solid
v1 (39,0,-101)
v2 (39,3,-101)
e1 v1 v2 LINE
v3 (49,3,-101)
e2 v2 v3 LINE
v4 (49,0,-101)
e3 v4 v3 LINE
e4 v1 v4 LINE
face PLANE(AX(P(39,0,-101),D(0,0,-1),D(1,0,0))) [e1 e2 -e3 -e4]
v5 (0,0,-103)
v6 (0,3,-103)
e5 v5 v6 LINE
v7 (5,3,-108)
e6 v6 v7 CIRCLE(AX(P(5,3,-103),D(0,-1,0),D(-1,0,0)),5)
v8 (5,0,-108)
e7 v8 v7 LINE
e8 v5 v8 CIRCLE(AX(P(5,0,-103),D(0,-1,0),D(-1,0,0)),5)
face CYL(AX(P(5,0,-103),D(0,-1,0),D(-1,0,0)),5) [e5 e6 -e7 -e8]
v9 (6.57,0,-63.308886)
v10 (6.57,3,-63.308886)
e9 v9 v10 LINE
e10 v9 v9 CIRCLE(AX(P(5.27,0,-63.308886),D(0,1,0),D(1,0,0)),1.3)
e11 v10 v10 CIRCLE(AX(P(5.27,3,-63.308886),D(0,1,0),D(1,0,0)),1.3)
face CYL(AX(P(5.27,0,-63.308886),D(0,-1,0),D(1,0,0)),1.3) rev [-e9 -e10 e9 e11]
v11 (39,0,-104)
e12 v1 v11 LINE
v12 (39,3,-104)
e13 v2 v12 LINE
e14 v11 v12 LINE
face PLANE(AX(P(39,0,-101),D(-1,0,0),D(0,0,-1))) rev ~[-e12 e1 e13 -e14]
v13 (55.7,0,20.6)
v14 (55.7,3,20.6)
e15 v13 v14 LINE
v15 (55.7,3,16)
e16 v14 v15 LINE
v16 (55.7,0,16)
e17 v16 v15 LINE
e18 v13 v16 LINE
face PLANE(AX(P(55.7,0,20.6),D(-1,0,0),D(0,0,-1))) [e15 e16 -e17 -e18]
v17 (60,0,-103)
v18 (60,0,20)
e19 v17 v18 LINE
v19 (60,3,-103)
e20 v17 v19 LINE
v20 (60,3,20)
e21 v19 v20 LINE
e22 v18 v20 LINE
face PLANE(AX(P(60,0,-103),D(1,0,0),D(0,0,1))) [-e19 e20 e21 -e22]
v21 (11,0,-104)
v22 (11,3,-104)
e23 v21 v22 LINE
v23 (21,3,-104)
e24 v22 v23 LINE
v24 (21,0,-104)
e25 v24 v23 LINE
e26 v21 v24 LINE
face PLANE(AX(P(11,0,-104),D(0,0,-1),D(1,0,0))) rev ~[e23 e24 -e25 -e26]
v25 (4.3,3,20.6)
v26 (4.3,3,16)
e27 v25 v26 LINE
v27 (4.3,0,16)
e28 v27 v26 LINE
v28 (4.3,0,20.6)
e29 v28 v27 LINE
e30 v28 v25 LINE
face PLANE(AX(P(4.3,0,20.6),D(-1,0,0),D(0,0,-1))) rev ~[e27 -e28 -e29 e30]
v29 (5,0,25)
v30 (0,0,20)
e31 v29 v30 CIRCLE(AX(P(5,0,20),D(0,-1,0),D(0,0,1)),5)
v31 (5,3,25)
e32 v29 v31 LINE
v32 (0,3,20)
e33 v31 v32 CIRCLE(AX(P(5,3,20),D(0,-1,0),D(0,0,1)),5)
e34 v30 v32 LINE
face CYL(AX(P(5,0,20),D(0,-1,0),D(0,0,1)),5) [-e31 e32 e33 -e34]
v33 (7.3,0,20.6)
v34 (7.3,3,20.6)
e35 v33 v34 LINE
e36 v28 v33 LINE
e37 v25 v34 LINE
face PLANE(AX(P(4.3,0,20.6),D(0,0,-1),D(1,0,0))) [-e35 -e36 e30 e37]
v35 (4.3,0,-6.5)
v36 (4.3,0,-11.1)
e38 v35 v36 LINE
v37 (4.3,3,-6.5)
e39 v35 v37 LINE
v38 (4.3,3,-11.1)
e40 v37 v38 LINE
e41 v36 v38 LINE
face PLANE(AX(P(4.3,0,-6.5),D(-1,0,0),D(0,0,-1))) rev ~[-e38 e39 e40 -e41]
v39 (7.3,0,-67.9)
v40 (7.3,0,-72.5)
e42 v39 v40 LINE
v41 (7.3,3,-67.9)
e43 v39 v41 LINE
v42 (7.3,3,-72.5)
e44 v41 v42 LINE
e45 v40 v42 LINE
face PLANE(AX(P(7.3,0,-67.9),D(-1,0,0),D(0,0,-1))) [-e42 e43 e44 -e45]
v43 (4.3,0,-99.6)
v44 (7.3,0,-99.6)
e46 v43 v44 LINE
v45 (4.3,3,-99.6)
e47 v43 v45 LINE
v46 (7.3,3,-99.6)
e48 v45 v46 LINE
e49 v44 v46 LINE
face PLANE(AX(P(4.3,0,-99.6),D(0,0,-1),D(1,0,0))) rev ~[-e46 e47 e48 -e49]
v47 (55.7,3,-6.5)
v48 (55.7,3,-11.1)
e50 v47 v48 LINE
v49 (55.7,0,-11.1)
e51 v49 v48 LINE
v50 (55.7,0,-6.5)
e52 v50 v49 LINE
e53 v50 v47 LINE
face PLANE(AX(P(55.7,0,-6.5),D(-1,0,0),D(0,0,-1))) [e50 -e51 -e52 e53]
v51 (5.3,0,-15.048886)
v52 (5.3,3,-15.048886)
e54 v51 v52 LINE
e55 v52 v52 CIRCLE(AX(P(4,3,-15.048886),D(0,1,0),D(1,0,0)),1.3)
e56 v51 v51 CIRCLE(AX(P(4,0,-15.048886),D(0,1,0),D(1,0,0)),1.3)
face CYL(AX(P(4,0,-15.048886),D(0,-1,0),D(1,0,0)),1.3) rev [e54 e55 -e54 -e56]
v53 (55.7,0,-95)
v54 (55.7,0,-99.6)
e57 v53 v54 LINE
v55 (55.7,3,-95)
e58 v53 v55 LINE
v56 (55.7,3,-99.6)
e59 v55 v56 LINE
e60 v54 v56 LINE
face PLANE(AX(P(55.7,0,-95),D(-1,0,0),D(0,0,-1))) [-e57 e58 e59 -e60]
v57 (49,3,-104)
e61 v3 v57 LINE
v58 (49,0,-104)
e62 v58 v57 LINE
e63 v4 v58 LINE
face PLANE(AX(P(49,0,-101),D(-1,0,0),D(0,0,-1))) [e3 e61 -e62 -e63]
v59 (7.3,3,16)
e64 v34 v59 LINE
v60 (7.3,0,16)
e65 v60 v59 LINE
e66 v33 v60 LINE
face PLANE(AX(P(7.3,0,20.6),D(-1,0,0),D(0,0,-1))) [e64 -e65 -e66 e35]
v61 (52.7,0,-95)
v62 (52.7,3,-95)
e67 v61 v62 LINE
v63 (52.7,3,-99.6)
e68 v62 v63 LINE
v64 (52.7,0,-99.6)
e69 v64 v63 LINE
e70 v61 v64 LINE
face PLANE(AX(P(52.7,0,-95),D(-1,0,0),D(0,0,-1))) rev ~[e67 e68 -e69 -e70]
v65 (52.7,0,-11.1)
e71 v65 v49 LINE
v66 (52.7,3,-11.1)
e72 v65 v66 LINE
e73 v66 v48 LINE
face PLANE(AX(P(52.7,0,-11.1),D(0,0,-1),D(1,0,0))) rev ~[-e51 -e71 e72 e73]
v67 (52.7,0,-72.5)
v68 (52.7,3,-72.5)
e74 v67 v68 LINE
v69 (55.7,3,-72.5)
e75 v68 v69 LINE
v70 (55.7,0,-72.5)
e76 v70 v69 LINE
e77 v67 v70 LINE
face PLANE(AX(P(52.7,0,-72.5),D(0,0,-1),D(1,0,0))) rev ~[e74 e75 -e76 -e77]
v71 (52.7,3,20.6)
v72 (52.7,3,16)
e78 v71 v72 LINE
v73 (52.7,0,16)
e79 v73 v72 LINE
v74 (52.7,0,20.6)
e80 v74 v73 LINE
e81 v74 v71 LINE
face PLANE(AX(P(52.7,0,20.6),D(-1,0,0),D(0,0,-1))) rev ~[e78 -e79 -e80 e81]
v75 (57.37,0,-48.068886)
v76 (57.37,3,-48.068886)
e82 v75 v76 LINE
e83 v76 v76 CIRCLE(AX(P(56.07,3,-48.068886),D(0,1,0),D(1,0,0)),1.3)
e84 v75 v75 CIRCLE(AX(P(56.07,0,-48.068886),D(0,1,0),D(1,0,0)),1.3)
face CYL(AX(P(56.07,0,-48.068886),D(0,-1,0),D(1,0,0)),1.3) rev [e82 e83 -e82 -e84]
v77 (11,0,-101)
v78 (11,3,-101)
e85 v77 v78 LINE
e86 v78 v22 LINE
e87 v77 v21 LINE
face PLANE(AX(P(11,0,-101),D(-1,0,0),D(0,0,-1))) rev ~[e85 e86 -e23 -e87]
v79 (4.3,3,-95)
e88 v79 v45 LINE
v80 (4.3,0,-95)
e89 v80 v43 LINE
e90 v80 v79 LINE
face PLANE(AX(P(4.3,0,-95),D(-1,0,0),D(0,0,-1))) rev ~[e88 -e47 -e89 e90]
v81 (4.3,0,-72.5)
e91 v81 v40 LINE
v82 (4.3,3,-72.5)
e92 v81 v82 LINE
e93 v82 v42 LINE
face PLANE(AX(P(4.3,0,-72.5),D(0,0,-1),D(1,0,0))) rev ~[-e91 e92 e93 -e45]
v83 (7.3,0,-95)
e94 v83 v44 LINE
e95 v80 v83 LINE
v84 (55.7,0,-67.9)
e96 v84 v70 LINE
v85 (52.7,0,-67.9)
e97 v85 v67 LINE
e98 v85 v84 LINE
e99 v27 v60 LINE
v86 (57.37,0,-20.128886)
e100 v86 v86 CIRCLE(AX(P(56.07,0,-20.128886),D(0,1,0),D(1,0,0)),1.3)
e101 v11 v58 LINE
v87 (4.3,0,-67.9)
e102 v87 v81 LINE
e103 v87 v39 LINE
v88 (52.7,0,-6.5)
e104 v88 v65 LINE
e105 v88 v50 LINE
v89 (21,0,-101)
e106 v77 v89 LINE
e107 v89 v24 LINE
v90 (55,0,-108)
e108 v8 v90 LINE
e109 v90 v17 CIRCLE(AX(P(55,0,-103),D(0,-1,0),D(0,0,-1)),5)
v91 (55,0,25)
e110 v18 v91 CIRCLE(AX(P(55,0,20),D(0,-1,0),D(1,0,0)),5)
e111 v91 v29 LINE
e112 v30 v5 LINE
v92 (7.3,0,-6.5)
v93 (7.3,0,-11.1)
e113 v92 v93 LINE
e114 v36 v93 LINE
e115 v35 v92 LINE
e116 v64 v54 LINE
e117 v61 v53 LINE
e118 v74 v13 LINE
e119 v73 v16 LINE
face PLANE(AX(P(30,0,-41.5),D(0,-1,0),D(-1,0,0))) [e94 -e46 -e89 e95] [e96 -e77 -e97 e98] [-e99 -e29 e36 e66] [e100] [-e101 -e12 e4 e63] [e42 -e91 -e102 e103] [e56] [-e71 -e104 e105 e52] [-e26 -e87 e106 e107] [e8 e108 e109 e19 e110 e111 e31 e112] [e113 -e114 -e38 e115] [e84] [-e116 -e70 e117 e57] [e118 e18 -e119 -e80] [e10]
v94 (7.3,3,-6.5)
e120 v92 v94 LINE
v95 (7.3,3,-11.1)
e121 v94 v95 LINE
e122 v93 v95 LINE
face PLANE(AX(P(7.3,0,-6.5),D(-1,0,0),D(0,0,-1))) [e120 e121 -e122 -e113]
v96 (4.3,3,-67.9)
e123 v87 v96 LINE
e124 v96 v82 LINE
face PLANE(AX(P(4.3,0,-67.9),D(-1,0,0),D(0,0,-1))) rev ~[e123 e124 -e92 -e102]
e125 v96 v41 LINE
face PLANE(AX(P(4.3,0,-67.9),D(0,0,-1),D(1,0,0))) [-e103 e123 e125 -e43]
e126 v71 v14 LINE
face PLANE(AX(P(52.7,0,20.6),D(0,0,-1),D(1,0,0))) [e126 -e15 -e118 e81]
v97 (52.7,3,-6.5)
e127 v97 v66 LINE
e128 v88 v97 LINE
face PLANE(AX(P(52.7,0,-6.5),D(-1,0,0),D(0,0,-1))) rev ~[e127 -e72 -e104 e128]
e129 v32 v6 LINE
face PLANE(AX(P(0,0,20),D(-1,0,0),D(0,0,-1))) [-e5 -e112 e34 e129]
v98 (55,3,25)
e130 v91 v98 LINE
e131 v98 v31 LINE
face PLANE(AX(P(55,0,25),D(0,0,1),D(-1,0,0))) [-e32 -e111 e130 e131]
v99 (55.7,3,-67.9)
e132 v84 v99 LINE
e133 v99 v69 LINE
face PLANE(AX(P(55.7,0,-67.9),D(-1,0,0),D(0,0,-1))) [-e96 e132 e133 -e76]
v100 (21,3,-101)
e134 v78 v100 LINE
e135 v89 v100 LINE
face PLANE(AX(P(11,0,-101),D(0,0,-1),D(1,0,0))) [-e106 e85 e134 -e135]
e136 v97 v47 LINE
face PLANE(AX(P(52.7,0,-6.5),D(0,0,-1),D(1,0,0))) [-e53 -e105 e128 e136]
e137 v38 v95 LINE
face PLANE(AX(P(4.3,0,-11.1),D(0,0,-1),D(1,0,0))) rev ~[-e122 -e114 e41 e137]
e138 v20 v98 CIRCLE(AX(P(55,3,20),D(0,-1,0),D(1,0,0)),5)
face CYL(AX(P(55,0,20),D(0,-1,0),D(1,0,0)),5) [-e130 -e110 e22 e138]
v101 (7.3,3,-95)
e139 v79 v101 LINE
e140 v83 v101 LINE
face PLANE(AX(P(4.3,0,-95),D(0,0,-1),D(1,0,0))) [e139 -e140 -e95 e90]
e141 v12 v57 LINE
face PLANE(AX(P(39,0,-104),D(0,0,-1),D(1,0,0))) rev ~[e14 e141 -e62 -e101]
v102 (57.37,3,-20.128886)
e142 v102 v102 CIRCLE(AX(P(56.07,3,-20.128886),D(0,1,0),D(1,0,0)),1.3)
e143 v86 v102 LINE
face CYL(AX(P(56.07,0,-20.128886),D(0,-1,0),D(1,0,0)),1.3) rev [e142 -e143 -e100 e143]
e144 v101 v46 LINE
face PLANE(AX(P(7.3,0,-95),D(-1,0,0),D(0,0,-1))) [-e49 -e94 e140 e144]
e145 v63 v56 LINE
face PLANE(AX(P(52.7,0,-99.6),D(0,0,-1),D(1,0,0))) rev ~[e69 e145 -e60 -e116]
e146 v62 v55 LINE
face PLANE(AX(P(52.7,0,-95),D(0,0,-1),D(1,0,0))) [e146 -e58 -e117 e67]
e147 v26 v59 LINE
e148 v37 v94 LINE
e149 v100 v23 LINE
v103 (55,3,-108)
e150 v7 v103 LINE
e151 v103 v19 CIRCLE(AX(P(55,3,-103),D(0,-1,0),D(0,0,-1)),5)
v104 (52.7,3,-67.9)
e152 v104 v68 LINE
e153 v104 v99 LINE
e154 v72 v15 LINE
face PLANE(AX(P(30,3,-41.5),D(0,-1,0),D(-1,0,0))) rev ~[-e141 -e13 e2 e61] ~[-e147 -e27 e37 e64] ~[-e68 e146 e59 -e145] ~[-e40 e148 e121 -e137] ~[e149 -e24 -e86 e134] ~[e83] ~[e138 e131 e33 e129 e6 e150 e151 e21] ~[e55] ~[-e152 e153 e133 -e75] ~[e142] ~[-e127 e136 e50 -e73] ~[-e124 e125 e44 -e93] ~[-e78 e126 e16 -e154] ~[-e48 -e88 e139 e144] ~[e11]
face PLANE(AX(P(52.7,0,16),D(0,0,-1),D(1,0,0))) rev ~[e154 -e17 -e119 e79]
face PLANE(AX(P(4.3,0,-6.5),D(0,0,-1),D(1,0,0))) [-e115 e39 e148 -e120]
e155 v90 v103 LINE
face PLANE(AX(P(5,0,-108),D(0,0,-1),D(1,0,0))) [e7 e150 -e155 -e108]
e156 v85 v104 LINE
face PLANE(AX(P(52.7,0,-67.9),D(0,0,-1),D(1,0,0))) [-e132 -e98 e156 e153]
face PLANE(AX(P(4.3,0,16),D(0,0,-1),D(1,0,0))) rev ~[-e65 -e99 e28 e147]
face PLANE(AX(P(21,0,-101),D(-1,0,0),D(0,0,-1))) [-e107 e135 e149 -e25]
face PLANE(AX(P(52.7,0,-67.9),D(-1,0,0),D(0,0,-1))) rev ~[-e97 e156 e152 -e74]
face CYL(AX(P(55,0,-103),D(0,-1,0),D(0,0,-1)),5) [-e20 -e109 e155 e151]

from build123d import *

# Parameters (mm, degrees)
SKETCH1_R           = 1.3
SKETCH1_W           = 10
SKETCH1_H           = 3
SKETCH1_W_2         = 3
SKETCH1_H_2         = 4.6
BOSS_EXTRUDE1_DEPTH = 3


with BuildPart() as part:
    # Sketch1 → Boss-Extrude1 (new body)
    with BuildSketch(Plane(origin=(0, 0, 0), x_dir=(1, 0, 0), z_dir=(0, 1, 0))):
        with BuildLine():
            Line((0, -20), (0, 103))
            ThreePointArc((0, 103), (1.464466094, 106.535533906), (5, 108))
            Line((5, 108), (55, 108))
            ThreePointArc((55, 108), (58.535533906, 106.535533906), (60, 103))
            Line((60, 103), (60, -20))
            ThreePointArc((60, -20), (58.535533906, -23.535533906), (55, -25))
            Line((55, -25), (5, -25))
            ThreePointArc((5, -25), (1.464466094, -23.535533906), (0, -20))
        make_face()
        with Locations((56.07, 48.068886064)):
            Circle(SKETCH1_R, mode=Mode.SUBTRACT)
        with Locations((4, 15.048886064)):
            Circle(SKETCH1_R, mode=Mode.SUBTRACT)
        with Locations((56.07, 20.128886064)):
            Circle(SKETCH1_R, mode=Mode.SUBTRACT)
        with Locations((5.27, 63.308886064)):
            Circle(SKETCH1_R, mode=Mode.SUBTRACT)
        with Locations((16, 102.5)):
            Rectangle(SKETCH1_W, SKETCH1_H, mode=Mode.SUBTRACT)
        with Locations((44, 102.5)):
            Rectangle(SKETCH1_W, SKETCH1_H, mode=Mode.SUBTRACT)
        with Locations((5.8, 97.3)):
            Rectangle(SKETCH1_W_2, SKETCH1_H_2, mode=Mode.SUBTRACT)
        with Locations((5.8, 70.2)):
            Rectangle(SKETCH1_W_2, SKETCH1_H_2, mode=Mode.SUBTRACT)
        with Locations((54.2, 70.2)):
            Rectangle(SKETCH1_W_2, SKETCH1_H_2, mode=Mode.SUBTRACT)
        with Locations((54.2, 97.3)):
            Rectangle(SKETCH1_W_2, SKETCH1_H_2, mode=Mode.SUBTRACT)
        with Locations((5.8, 8.8)):
            Rectangle(SKETCH1_W_2, SKETCH1_H_2, mode=Mode.SUBTRACT)
        with Locations((5.8, -18.3)):
            Rectangle(SKETCH1_W_2, SKETCH1_H_2, mode=Mode.SUBTRACT)
        with Locations((54.2, 8.8)):
            Rectangle(SKETCH1_W_2, SKETCH1_H_2, mode=Mode.SUBTRACT)
        with Locations((54.2, -18.3)):
            Rectangle(SKETCH1_W_2, SKETCH1_H_2, mode=Mode.SUBTRACT)
    extrude(amount=BOSS_EXTRUDE1_DEPTH)


solid = part.part
